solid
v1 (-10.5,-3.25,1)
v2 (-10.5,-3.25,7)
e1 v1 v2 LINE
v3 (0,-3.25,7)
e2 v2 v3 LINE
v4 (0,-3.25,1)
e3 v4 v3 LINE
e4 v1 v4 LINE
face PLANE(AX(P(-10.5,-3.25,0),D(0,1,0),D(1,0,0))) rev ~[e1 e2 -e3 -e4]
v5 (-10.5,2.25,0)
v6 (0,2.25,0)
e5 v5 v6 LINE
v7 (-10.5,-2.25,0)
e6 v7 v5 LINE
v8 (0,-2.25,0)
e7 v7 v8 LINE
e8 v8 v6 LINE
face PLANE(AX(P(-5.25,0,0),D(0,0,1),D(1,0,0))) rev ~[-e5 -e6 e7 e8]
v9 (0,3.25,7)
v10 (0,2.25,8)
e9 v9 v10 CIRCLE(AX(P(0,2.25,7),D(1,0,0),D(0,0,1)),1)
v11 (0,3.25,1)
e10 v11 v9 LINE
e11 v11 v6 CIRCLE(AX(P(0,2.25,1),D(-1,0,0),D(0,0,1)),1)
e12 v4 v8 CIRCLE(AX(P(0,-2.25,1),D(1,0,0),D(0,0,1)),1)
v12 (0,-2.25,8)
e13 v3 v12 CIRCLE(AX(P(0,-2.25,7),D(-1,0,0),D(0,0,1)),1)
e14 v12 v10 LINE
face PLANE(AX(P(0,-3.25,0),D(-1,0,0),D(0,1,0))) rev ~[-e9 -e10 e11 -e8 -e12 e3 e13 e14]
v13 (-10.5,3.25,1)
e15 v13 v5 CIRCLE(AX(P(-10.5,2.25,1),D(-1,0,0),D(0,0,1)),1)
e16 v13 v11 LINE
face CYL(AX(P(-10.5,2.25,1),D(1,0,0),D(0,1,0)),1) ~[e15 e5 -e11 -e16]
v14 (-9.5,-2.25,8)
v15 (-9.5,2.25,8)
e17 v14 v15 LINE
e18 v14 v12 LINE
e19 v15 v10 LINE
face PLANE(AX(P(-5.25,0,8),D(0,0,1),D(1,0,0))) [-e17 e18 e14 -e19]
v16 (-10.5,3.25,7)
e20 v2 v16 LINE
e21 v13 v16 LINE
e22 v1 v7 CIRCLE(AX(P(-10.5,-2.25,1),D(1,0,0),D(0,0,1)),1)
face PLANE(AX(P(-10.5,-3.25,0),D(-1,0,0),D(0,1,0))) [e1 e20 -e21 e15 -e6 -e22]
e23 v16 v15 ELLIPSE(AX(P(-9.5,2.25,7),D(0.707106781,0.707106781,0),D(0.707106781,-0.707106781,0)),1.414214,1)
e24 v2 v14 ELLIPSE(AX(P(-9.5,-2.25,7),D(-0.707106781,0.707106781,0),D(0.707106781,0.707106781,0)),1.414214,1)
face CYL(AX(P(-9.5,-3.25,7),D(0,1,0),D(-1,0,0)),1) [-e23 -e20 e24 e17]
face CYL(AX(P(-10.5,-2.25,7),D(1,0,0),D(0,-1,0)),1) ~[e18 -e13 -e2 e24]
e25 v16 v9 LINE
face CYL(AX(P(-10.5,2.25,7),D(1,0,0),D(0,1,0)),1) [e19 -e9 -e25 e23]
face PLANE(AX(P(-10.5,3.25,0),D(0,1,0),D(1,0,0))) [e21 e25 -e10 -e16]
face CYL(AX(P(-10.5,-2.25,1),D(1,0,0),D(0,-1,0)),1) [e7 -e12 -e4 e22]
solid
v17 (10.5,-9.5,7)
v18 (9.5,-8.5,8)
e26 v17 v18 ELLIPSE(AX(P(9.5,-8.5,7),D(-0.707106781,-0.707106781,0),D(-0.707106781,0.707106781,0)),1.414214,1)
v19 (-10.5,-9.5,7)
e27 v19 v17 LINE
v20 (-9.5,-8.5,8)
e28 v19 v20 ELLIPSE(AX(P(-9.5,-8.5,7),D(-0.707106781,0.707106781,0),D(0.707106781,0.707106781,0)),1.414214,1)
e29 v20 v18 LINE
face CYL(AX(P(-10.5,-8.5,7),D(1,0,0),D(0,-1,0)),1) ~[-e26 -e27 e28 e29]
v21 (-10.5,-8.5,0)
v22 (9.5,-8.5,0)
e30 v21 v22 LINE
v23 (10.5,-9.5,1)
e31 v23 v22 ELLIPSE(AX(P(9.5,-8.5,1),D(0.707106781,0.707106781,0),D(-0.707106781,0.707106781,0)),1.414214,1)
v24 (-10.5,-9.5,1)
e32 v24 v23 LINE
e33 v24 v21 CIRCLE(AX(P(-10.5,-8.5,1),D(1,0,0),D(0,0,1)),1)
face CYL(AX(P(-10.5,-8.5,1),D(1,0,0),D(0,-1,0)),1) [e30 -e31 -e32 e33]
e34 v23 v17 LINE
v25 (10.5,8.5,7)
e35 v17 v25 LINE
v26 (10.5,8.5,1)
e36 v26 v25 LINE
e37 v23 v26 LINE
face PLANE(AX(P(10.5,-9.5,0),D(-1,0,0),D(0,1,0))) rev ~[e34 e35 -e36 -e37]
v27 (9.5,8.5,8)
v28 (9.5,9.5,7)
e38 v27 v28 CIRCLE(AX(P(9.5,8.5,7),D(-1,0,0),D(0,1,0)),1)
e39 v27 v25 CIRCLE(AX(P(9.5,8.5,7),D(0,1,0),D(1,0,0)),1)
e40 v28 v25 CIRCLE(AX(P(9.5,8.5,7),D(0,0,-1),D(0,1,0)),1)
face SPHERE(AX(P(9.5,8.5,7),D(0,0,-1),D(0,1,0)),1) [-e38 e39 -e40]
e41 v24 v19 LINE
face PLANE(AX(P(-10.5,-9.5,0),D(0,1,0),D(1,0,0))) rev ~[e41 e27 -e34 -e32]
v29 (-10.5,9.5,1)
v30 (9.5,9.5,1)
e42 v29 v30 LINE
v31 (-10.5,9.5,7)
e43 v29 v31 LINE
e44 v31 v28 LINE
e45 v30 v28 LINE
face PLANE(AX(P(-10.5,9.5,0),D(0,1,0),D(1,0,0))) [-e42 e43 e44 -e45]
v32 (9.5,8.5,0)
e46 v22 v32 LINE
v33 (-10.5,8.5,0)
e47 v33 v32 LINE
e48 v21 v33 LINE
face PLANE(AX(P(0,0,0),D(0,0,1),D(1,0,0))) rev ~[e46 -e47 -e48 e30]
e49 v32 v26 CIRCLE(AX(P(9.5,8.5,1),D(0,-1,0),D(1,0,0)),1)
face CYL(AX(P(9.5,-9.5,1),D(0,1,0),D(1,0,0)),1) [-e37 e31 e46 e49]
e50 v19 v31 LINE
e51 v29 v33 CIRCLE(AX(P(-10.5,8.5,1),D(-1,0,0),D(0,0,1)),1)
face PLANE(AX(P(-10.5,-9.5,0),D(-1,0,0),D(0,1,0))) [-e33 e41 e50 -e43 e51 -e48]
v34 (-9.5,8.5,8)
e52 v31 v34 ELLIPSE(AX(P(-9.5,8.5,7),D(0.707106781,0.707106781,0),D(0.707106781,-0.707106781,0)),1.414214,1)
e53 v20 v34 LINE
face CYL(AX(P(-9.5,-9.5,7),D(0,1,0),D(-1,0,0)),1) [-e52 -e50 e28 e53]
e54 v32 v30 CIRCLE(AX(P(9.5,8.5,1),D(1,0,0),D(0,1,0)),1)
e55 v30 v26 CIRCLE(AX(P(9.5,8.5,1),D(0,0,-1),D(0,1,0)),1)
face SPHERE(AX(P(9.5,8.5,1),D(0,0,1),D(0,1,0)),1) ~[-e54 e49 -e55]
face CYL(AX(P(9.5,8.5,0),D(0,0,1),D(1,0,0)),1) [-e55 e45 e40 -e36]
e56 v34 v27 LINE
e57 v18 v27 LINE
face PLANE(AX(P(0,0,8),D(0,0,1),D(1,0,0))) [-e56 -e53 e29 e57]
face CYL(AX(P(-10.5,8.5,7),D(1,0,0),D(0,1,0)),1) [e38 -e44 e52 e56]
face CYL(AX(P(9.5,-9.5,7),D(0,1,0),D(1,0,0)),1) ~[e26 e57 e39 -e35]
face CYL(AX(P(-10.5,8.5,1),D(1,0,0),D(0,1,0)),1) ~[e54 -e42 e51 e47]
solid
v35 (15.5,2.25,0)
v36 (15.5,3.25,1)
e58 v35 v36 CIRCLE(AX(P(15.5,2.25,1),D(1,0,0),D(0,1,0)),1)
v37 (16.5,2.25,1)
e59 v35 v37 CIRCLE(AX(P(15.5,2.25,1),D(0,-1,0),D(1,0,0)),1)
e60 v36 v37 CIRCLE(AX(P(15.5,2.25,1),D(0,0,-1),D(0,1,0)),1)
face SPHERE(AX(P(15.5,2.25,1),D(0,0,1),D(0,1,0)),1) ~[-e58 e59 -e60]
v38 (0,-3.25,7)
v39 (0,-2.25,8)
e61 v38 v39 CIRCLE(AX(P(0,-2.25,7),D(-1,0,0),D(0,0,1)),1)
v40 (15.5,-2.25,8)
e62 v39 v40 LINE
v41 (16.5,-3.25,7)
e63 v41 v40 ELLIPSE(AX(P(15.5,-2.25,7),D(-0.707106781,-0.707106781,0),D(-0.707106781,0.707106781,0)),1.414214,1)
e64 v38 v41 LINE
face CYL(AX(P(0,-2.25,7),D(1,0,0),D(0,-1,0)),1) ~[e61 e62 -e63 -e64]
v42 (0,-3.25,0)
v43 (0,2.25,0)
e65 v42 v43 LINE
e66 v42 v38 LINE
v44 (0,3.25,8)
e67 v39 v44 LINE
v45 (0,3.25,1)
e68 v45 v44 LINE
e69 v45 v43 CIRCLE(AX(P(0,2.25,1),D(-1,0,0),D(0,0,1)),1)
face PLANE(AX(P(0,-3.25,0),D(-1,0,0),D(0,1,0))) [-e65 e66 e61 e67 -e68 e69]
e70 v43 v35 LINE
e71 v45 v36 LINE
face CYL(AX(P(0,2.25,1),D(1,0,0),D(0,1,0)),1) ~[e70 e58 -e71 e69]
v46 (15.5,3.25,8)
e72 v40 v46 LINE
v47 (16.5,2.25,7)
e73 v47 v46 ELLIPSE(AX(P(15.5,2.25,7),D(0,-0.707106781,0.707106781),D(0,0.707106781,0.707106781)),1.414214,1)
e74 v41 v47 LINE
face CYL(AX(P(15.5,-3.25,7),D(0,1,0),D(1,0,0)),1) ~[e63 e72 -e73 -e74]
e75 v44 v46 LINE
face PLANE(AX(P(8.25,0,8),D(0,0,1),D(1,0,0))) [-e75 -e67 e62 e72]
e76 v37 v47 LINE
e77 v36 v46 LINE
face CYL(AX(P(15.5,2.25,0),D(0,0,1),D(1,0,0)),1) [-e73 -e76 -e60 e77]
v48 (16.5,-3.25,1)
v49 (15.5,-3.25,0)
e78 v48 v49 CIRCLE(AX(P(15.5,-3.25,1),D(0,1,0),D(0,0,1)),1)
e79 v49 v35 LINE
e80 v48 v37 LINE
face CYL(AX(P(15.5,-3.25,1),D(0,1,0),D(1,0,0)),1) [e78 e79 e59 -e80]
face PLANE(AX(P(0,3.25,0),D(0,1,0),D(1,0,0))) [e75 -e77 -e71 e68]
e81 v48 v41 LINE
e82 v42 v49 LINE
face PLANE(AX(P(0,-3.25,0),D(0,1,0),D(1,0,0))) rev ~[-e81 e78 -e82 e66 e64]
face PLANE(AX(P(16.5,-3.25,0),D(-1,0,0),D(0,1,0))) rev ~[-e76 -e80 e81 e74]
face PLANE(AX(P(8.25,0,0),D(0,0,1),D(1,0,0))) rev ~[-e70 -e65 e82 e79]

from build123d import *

# Parameters (mm, degrees)
SKETCH002_W      = 16.5
SKETCH002_H      = 6.5
EXTRUDE004_DEPTH = 8
FILLET_R         = 1
SKETCH_W         = 21
SKETCH_H         = 19
EXTRUDE_DEPTH    = 8
FILLET001_R      = 1
SKETCH001_W      = 10.5
SKETCH001_H      = 6.5
EXTRUDE001_DEPTH = 8
FILLET002_R      = 1


with BuildPart() as fillet_body:
    # Sketch002 → Extrude004 (new body)
    with BuildSketch(Plane.XY):
        with Locations((8.25, 0)):
            Rectangle(SKETCH002_W, SKETCH002_H)
    extrude(amount=EXTRUDE004_DEPTH)

    # Fillet
    fillet_edges = [fillet_body.edges().sort_by_distance(p)[0] for p in [
        (16.5, 3.25, 4),
        (8.25, 3.25, 0),
        (16.5, 0, 0),
        (16.5, 0, 8),
        (8.25, -3.25, 8),
    ]]
    fillet(fillet_edges, radius=FILLET_R)


with BuildPart() as fillet001:
    # Sketch → Extrude (new body)
    with BuildSketch(Plane.XY):
        Rectangle(SKETCH_W, SKETCH_H)
    extrude(amount=EXTRUDE_DEPTH)

    # Fillet001
    fillet001_edges = [fillet001.edges().sort_by_distance(p)[0] for p in [
        (10.5, 9.5, 4),
        (0, 9.5, 0),
        (0, 9.5, 8),
        (10.5, 0, 0),
        (10.5, 0, 8),
        (0, -9.5, 0),
        (0, -9.5, 8),
        (-10.5, 0, 8),
    ]]
    fillet(fillet001_edges, radius=FILLET001_R)


with BuildPart() as fillet002:
    # Sketch001 → Extrude001 (new body)
    with BuildSketch(Plane.XY):
        with Locations((-5.25, 0)):
            Rectangle(SKETCH001_W, SKETCH001_H)
    extrude(amount=EXTRUDE001_DEPTH)

    # Fillet002
    fillet002_edges = [fillet002.edges().sort_by_distance(p)[0] for p in [
        (-5.25, 3.25, 0),
        (-5.25, 3.25, 8),
        (-5.25, -3.25, 0),
        (-5.25, -3.25, 8),
        (-10.5, 0, 8),
    ]]
    fillet(fillet002_edges, radius=FILLET002_R)


solid = Compound([fillet_body.part, fillet001.part, fillet002.part])
